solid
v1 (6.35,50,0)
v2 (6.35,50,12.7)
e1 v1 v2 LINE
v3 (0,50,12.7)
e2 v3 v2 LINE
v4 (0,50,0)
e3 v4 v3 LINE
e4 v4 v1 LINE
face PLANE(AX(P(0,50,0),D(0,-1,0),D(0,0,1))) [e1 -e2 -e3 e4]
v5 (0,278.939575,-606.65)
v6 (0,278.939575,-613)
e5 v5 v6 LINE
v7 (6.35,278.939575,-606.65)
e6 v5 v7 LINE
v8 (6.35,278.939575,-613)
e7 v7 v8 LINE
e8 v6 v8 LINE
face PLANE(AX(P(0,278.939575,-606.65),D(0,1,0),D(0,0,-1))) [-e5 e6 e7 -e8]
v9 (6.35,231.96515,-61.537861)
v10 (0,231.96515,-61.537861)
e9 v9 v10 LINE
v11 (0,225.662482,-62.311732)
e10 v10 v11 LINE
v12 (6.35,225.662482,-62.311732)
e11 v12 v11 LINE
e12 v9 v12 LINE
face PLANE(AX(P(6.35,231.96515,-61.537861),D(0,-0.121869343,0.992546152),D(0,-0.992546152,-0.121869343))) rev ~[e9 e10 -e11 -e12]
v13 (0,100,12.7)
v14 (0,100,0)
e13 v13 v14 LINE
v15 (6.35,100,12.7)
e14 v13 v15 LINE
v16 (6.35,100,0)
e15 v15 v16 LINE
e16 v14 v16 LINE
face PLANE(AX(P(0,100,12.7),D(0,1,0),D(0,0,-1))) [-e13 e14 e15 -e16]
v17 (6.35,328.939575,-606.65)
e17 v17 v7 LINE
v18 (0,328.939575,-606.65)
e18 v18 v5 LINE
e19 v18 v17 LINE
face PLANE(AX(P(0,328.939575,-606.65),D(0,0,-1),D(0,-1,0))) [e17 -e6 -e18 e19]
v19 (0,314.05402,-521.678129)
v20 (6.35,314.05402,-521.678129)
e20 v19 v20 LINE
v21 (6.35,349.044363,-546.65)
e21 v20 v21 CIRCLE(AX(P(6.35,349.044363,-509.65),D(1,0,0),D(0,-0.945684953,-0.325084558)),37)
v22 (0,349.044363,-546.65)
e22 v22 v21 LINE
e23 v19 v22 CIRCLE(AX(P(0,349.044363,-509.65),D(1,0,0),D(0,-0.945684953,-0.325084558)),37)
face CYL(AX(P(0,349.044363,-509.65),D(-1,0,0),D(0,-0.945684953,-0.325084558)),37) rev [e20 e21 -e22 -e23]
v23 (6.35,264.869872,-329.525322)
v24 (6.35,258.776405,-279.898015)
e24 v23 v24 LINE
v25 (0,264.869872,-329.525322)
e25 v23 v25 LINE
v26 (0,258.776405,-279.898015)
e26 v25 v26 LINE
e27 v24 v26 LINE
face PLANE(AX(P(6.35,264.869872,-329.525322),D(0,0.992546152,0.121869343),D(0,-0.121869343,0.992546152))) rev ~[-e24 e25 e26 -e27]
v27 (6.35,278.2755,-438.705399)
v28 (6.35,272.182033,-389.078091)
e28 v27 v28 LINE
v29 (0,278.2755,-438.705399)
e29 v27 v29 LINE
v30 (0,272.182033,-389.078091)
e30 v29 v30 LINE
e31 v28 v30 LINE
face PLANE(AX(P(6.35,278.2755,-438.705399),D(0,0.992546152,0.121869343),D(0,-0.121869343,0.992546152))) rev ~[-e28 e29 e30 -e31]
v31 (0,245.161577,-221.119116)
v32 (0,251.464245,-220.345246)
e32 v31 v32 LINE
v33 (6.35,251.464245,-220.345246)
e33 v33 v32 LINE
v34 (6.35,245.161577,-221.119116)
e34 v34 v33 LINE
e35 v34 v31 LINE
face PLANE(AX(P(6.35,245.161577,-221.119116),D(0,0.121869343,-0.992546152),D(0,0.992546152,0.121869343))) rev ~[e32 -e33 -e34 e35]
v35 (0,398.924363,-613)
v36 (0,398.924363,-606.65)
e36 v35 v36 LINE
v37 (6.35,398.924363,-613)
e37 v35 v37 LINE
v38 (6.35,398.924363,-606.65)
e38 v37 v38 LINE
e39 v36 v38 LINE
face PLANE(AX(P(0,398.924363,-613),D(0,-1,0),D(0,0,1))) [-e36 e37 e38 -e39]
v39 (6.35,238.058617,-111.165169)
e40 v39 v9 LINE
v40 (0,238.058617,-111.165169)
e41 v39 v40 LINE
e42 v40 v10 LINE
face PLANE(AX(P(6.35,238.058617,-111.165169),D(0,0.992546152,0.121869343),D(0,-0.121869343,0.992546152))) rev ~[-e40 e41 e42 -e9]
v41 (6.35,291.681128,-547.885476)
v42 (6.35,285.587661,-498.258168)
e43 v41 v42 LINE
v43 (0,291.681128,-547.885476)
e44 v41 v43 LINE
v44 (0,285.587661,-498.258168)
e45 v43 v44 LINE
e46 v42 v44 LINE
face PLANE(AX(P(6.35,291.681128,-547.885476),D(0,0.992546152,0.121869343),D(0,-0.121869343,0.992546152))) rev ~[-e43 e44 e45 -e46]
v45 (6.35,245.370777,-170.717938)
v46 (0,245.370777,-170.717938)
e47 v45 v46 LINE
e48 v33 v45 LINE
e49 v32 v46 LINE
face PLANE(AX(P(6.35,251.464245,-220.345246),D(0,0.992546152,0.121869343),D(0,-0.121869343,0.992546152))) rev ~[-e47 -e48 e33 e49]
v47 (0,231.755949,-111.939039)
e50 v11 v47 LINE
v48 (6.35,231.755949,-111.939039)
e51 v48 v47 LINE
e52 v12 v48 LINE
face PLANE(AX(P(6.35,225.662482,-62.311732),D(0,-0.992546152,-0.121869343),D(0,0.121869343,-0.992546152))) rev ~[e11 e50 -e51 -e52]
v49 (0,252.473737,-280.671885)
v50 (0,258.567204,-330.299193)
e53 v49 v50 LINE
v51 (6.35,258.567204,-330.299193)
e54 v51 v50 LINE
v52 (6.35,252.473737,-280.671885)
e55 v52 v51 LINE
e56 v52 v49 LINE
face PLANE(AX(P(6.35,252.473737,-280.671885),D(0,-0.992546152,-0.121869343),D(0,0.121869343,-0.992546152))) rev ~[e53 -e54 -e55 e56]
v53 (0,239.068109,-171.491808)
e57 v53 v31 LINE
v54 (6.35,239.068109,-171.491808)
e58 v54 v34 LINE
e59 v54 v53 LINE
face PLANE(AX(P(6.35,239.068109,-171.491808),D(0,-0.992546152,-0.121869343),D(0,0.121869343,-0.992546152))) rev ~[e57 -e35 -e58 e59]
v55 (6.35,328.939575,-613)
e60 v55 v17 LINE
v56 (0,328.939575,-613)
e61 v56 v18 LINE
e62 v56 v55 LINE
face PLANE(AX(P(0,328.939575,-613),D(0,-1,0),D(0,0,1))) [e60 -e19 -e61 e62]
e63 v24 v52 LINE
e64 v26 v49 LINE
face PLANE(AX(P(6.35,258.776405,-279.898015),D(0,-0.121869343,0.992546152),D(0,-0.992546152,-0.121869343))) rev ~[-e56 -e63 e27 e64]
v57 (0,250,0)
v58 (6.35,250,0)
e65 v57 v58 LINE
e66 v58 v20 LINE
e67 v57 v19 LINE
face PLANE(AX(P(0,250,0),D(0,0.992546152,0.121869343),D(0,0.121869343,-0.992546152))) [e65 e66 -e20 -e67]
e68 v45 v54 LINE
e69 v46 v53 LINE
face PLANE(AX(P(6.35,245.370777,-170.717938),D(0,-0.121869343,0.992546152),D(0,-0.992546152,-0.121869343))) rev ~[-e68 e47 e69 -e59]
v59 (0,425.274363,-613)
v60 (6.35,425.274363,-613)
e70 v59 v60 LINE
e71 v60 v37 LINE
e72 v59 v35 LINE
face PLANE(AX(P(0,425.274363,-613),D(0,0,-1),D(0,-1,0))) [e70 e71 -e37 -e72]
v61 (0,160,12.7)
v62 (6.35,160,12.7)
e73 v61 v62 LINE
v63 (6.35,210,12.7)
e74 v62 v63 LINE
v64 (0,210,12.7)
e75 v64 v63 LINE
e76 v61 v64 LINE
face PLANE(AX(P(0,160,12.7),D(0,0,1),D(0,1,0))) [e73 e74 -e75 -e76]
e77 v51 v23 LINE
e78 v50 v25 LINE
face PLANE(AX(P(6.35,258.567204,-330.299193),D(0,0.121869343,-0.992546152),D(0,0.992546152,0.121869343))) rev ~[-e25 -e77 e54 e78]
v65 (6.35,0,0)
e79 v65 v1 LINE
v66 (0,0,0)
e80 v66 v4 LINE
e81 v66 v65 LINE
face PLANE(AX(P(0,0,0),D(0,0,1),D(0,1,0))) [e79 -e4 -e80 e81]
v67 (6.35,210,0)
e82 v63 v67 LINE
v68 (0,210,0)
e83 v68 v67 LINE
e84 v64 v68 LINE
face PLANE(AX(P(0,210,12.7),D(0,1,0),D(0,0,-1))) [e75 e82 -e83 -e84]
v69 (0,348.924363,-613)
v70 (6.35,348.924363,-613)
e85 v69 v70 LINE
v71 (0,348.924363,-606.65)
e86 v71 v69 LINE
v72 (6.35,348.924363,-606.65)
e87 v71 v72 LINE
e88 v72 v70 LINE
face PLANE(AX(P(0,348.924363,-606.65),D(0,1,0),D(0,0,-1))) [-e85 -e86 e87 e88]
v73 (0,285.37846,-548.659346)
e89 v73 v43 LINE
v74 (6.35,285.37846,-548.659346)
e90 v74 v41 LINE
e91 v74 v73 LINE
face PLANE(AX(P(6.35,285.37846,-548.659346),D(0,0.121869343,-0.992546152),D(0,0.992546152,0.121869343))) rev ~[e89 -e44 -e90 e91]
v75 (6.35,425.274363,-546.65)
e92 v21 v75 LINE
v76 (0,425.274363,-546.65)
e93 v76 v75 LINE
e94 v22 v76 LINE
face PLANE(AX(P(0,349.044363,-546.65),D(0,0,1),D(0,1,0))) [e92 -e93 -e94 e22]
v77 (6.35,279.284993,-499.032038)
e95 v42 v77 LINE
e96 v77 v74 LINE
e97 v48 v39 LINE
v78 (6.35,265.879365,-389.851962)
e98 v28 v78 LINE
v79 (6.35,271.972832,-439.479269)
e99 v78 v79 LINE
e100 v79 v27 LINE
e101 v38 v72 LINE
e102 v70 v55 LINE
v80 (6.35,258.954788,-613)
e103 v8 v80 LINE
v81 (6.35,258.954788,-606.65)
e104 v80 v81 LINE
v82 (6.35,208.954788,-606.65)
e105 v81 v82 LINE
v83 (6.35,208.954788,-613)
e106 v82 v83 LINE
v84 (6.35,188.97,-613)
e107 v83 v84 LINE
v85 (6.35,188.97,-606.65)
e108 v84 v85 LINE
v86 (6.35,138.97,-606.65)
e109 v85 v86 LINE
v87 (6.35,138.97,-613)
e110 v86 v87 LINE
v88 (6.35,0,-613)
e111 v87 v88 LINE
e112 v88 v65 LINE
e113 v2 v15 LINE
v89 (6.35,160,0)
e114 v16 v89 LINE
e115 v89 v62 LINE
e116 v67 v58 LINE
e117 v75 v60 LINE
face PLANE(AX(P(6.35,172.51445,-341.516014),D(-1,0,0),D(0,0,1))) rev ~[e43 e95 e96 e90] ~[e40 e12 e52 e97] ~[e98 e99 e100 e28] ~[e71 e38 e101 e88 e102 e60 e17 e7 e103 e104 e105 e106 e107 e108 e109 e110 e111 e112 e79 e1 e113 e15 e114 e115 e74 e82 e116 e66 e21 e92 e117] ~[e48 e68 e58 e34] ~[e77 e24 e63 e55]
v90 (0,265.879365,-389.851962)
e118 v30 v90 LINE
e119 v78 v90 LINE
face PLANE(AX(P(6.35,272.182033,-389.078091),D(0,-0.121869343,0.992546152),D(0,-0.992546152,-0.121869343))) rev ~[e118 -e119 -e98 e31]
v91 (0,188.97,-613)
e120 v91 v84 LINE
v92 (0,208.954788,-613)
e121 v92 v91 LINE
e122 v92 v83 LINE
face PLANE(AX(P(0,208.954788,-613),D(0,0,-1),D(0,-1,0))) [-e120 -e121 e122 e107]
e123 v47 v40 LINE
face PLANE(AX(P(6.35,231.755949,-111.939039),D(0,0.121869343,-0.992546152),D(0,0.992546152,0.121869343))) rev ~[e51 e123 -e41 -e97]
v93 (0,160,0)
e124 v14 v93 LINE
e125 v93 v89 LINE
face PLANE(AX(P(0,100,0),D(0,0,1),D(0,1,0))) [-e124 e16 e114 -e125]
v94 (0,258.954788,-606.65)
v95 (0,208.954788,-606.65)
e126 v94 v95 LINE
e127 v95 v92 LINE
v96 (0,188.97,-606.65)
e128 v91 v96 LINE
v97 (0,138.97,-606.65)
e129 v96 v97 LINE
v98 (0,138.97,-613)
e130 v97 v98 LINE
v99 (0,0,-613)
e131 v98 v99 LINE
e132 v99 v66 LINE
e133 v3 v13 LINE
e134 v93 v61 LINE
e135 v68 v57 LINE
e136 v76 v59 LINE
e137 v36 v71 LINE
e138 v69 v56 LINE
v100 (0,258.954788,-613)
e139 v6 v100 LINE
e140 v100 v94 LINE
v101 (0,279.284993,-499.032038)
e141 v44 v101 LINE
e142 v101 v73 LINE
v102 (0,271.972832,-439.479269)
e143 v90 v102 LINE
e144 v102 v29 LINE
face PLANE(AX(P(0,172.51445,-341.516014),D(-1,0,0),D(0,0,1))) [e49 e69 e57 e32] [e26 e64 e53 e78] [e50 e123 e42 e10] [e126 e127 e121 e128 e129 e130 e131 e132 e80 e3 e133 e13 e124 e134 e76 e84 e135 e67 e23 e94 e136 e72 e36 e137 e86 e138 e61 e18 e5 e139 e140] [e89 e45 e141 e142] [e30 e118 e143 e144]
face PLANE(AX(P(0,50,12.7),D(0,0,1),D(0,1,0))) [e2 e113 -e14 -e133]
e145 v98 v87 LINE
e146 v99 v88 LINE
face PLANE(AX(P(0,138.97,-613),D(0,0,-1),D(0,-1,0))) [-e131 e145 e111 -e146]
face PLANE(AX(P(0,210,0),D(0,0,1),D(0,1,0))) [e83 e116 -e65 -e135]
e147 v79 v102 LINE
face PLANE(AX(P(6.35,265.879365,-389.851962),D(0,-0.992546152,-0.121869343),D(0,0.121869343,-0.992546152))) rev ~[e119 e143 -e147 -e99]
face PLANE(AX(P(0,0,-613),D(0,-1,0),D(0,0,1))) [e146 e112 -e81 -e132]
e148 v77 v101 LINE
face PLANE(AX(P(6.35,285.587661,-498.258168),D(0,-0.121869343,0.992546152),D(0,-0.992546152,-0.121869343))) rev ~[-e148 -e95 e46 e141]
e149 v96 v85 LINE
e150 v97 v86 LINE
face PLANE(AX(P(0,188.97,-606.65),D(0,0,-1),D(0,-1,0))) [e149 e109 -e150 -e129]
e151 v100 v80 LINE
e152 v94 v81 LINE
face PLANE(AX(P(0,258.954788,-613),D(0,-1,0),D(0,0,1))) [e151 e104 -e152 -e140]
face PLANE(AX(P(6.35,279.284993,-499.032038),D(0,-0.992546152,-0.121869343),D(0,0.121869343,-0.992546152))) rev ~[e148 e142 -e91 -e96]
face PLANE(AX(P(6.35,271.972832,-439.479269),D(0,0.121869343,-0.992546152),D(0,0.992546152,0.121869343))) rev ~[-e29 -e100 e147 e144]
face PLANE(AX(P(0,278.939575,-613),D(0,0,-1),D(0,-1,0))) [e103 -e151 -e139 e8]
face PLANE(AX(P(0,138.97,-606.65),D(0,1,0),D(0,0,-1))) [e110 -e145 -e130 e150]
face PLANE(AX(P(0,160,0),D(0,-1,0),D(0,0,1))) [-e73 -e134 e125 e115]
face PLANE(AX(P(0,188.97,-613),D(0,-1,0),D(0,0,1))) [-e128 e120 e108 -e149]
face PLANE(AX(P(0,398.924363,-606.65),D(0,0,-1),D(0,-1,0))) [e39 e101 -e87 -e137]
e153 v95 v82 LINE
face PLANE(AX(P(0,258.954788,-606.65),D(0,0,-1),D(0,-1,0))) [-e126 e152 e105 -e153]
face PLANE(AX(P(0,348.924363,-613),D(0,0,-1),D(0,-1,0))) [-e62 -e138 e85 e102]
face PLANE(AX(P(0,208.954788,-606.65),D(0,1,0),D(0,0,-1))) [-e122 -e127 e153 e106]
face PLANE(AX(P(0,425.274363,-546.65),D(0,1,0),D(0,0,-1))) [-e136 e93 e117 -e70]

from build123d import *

# Parameters (mm, degrees)
BOSS_EXTRUDE1_DEPTH = 6.35
CUT_EXTRUDE1_DEPTH  = 6.35


with BuildPart() as part:
    # Sketch1 → Boss-Extrude1 (new body)
    with BuildSketch(Plane(origin=(0, 0, 0), x_dir=(0, 0, -1), z_dir=(1, 0, 0))):
        with BuildLine():
            Line((0, 250), (521.678128656, 314.05401996))
            ThreePointArc((521.678128656, 314.05401996), (539.766779046, 327.550652044), (546.65, 349.044363214))
            Line((546.65, 349.044363214), (546.65, 425.274363214))
            Line((546.65, 425.274363214), (613, 425.274363214))
            Line((613, 425.274363214), (613, 398.924363214))
            Line((613, 398.924363214), (606.65, 398.924363214))
            Line((606.65, 398.924363214), (606.65, 348.924363214))
            Line((606.65, 348.924363214), (613, 348.924363214))
            Line((613, 348.924363214), (613, 328.939575476))
            Line((613, 328.939575476), (606.65, 328.939575476))
            Line((606.65, 328.939575476), (606.65, 278.939575476))
            Line((606.65, 278.939575476), (613, 278.939575476))
            Line((613, 278.939575476), (613, 258.954787738))
            Line((613, 258.954787738), (606.65, 258.954787738))
            Line((606.65, 258.954787738), (606.65, 208.954787738))
            Line((606.65, 208.954787738), (613, 208.954787738))
            Line((613, 208.954787738), (613, 188.97))
            Line((613, 188.97), (606.65, 188.97))
            Line((606.65, 188.97), (606.65, 138.97))
            Line((606.65, 138.97), (613, 138.97))
            Line((613, 138.97), (613, 0))
            Line((613, 0), (0, 0))
            Line((0, 0), (0, 50))
            Line((0, 50), (-12.7, 50))
            Line((-12.7, 50), (-12.7, 100))
            Line((-12.7, 100), (0, 100))
            Line((0, 100), (0, 160))
            Line((0, 160), (-12.7, 160))
            Line((-12.7, 160), (-12.7, 210))
            Line((-12.7, 210), (0, 210))
            Line((0, 210), (0, 250))
        make_face()
    extrude(amount=BOSS_EXTRUDE1_DEPTH)

    # Sketch2 → Cut-Extrude1 (cut)
    with BuildSketch(Plane(origin=(6.35, 0, 0), x_dir=(0, 0, -1), z_dir=(1, 0, 0))):
        Polygon((61.537861402, 231.965149724), (62.311731732, 225.662481662), (111.939039314, 231.755948832), (111.165168984, 238.058616895), align=None)
        Polygon((220.345245664, 251.464244669), (170.717938082, 245.370777499), (171.491808413, 239.068109436), (221.119115995, 245.161576606), align=None)
        Polygon((329.525322345, 264.869872444), (279.898014763, 258.776405274), (280.671885093, 252.473737211), (330.299192676, 258.567204381), align=None)
        Polygon((438.705399025, 278.275500218), (389.078091443, 272.182033048), (389.851961774, 265.879364985), (439.479269356, 271.972832155), align=None)
        Polygon((547.885475706, 291.681127993), (498.258168124, 285.587660823), (499.032038455, 279.28499276), (548.659346037, 285.37845993), align=None)
    extrude(amount=-CUT_EXTRUDE1_DEPTH, mode=Mode.SUBTRACT)


solid = part.part
